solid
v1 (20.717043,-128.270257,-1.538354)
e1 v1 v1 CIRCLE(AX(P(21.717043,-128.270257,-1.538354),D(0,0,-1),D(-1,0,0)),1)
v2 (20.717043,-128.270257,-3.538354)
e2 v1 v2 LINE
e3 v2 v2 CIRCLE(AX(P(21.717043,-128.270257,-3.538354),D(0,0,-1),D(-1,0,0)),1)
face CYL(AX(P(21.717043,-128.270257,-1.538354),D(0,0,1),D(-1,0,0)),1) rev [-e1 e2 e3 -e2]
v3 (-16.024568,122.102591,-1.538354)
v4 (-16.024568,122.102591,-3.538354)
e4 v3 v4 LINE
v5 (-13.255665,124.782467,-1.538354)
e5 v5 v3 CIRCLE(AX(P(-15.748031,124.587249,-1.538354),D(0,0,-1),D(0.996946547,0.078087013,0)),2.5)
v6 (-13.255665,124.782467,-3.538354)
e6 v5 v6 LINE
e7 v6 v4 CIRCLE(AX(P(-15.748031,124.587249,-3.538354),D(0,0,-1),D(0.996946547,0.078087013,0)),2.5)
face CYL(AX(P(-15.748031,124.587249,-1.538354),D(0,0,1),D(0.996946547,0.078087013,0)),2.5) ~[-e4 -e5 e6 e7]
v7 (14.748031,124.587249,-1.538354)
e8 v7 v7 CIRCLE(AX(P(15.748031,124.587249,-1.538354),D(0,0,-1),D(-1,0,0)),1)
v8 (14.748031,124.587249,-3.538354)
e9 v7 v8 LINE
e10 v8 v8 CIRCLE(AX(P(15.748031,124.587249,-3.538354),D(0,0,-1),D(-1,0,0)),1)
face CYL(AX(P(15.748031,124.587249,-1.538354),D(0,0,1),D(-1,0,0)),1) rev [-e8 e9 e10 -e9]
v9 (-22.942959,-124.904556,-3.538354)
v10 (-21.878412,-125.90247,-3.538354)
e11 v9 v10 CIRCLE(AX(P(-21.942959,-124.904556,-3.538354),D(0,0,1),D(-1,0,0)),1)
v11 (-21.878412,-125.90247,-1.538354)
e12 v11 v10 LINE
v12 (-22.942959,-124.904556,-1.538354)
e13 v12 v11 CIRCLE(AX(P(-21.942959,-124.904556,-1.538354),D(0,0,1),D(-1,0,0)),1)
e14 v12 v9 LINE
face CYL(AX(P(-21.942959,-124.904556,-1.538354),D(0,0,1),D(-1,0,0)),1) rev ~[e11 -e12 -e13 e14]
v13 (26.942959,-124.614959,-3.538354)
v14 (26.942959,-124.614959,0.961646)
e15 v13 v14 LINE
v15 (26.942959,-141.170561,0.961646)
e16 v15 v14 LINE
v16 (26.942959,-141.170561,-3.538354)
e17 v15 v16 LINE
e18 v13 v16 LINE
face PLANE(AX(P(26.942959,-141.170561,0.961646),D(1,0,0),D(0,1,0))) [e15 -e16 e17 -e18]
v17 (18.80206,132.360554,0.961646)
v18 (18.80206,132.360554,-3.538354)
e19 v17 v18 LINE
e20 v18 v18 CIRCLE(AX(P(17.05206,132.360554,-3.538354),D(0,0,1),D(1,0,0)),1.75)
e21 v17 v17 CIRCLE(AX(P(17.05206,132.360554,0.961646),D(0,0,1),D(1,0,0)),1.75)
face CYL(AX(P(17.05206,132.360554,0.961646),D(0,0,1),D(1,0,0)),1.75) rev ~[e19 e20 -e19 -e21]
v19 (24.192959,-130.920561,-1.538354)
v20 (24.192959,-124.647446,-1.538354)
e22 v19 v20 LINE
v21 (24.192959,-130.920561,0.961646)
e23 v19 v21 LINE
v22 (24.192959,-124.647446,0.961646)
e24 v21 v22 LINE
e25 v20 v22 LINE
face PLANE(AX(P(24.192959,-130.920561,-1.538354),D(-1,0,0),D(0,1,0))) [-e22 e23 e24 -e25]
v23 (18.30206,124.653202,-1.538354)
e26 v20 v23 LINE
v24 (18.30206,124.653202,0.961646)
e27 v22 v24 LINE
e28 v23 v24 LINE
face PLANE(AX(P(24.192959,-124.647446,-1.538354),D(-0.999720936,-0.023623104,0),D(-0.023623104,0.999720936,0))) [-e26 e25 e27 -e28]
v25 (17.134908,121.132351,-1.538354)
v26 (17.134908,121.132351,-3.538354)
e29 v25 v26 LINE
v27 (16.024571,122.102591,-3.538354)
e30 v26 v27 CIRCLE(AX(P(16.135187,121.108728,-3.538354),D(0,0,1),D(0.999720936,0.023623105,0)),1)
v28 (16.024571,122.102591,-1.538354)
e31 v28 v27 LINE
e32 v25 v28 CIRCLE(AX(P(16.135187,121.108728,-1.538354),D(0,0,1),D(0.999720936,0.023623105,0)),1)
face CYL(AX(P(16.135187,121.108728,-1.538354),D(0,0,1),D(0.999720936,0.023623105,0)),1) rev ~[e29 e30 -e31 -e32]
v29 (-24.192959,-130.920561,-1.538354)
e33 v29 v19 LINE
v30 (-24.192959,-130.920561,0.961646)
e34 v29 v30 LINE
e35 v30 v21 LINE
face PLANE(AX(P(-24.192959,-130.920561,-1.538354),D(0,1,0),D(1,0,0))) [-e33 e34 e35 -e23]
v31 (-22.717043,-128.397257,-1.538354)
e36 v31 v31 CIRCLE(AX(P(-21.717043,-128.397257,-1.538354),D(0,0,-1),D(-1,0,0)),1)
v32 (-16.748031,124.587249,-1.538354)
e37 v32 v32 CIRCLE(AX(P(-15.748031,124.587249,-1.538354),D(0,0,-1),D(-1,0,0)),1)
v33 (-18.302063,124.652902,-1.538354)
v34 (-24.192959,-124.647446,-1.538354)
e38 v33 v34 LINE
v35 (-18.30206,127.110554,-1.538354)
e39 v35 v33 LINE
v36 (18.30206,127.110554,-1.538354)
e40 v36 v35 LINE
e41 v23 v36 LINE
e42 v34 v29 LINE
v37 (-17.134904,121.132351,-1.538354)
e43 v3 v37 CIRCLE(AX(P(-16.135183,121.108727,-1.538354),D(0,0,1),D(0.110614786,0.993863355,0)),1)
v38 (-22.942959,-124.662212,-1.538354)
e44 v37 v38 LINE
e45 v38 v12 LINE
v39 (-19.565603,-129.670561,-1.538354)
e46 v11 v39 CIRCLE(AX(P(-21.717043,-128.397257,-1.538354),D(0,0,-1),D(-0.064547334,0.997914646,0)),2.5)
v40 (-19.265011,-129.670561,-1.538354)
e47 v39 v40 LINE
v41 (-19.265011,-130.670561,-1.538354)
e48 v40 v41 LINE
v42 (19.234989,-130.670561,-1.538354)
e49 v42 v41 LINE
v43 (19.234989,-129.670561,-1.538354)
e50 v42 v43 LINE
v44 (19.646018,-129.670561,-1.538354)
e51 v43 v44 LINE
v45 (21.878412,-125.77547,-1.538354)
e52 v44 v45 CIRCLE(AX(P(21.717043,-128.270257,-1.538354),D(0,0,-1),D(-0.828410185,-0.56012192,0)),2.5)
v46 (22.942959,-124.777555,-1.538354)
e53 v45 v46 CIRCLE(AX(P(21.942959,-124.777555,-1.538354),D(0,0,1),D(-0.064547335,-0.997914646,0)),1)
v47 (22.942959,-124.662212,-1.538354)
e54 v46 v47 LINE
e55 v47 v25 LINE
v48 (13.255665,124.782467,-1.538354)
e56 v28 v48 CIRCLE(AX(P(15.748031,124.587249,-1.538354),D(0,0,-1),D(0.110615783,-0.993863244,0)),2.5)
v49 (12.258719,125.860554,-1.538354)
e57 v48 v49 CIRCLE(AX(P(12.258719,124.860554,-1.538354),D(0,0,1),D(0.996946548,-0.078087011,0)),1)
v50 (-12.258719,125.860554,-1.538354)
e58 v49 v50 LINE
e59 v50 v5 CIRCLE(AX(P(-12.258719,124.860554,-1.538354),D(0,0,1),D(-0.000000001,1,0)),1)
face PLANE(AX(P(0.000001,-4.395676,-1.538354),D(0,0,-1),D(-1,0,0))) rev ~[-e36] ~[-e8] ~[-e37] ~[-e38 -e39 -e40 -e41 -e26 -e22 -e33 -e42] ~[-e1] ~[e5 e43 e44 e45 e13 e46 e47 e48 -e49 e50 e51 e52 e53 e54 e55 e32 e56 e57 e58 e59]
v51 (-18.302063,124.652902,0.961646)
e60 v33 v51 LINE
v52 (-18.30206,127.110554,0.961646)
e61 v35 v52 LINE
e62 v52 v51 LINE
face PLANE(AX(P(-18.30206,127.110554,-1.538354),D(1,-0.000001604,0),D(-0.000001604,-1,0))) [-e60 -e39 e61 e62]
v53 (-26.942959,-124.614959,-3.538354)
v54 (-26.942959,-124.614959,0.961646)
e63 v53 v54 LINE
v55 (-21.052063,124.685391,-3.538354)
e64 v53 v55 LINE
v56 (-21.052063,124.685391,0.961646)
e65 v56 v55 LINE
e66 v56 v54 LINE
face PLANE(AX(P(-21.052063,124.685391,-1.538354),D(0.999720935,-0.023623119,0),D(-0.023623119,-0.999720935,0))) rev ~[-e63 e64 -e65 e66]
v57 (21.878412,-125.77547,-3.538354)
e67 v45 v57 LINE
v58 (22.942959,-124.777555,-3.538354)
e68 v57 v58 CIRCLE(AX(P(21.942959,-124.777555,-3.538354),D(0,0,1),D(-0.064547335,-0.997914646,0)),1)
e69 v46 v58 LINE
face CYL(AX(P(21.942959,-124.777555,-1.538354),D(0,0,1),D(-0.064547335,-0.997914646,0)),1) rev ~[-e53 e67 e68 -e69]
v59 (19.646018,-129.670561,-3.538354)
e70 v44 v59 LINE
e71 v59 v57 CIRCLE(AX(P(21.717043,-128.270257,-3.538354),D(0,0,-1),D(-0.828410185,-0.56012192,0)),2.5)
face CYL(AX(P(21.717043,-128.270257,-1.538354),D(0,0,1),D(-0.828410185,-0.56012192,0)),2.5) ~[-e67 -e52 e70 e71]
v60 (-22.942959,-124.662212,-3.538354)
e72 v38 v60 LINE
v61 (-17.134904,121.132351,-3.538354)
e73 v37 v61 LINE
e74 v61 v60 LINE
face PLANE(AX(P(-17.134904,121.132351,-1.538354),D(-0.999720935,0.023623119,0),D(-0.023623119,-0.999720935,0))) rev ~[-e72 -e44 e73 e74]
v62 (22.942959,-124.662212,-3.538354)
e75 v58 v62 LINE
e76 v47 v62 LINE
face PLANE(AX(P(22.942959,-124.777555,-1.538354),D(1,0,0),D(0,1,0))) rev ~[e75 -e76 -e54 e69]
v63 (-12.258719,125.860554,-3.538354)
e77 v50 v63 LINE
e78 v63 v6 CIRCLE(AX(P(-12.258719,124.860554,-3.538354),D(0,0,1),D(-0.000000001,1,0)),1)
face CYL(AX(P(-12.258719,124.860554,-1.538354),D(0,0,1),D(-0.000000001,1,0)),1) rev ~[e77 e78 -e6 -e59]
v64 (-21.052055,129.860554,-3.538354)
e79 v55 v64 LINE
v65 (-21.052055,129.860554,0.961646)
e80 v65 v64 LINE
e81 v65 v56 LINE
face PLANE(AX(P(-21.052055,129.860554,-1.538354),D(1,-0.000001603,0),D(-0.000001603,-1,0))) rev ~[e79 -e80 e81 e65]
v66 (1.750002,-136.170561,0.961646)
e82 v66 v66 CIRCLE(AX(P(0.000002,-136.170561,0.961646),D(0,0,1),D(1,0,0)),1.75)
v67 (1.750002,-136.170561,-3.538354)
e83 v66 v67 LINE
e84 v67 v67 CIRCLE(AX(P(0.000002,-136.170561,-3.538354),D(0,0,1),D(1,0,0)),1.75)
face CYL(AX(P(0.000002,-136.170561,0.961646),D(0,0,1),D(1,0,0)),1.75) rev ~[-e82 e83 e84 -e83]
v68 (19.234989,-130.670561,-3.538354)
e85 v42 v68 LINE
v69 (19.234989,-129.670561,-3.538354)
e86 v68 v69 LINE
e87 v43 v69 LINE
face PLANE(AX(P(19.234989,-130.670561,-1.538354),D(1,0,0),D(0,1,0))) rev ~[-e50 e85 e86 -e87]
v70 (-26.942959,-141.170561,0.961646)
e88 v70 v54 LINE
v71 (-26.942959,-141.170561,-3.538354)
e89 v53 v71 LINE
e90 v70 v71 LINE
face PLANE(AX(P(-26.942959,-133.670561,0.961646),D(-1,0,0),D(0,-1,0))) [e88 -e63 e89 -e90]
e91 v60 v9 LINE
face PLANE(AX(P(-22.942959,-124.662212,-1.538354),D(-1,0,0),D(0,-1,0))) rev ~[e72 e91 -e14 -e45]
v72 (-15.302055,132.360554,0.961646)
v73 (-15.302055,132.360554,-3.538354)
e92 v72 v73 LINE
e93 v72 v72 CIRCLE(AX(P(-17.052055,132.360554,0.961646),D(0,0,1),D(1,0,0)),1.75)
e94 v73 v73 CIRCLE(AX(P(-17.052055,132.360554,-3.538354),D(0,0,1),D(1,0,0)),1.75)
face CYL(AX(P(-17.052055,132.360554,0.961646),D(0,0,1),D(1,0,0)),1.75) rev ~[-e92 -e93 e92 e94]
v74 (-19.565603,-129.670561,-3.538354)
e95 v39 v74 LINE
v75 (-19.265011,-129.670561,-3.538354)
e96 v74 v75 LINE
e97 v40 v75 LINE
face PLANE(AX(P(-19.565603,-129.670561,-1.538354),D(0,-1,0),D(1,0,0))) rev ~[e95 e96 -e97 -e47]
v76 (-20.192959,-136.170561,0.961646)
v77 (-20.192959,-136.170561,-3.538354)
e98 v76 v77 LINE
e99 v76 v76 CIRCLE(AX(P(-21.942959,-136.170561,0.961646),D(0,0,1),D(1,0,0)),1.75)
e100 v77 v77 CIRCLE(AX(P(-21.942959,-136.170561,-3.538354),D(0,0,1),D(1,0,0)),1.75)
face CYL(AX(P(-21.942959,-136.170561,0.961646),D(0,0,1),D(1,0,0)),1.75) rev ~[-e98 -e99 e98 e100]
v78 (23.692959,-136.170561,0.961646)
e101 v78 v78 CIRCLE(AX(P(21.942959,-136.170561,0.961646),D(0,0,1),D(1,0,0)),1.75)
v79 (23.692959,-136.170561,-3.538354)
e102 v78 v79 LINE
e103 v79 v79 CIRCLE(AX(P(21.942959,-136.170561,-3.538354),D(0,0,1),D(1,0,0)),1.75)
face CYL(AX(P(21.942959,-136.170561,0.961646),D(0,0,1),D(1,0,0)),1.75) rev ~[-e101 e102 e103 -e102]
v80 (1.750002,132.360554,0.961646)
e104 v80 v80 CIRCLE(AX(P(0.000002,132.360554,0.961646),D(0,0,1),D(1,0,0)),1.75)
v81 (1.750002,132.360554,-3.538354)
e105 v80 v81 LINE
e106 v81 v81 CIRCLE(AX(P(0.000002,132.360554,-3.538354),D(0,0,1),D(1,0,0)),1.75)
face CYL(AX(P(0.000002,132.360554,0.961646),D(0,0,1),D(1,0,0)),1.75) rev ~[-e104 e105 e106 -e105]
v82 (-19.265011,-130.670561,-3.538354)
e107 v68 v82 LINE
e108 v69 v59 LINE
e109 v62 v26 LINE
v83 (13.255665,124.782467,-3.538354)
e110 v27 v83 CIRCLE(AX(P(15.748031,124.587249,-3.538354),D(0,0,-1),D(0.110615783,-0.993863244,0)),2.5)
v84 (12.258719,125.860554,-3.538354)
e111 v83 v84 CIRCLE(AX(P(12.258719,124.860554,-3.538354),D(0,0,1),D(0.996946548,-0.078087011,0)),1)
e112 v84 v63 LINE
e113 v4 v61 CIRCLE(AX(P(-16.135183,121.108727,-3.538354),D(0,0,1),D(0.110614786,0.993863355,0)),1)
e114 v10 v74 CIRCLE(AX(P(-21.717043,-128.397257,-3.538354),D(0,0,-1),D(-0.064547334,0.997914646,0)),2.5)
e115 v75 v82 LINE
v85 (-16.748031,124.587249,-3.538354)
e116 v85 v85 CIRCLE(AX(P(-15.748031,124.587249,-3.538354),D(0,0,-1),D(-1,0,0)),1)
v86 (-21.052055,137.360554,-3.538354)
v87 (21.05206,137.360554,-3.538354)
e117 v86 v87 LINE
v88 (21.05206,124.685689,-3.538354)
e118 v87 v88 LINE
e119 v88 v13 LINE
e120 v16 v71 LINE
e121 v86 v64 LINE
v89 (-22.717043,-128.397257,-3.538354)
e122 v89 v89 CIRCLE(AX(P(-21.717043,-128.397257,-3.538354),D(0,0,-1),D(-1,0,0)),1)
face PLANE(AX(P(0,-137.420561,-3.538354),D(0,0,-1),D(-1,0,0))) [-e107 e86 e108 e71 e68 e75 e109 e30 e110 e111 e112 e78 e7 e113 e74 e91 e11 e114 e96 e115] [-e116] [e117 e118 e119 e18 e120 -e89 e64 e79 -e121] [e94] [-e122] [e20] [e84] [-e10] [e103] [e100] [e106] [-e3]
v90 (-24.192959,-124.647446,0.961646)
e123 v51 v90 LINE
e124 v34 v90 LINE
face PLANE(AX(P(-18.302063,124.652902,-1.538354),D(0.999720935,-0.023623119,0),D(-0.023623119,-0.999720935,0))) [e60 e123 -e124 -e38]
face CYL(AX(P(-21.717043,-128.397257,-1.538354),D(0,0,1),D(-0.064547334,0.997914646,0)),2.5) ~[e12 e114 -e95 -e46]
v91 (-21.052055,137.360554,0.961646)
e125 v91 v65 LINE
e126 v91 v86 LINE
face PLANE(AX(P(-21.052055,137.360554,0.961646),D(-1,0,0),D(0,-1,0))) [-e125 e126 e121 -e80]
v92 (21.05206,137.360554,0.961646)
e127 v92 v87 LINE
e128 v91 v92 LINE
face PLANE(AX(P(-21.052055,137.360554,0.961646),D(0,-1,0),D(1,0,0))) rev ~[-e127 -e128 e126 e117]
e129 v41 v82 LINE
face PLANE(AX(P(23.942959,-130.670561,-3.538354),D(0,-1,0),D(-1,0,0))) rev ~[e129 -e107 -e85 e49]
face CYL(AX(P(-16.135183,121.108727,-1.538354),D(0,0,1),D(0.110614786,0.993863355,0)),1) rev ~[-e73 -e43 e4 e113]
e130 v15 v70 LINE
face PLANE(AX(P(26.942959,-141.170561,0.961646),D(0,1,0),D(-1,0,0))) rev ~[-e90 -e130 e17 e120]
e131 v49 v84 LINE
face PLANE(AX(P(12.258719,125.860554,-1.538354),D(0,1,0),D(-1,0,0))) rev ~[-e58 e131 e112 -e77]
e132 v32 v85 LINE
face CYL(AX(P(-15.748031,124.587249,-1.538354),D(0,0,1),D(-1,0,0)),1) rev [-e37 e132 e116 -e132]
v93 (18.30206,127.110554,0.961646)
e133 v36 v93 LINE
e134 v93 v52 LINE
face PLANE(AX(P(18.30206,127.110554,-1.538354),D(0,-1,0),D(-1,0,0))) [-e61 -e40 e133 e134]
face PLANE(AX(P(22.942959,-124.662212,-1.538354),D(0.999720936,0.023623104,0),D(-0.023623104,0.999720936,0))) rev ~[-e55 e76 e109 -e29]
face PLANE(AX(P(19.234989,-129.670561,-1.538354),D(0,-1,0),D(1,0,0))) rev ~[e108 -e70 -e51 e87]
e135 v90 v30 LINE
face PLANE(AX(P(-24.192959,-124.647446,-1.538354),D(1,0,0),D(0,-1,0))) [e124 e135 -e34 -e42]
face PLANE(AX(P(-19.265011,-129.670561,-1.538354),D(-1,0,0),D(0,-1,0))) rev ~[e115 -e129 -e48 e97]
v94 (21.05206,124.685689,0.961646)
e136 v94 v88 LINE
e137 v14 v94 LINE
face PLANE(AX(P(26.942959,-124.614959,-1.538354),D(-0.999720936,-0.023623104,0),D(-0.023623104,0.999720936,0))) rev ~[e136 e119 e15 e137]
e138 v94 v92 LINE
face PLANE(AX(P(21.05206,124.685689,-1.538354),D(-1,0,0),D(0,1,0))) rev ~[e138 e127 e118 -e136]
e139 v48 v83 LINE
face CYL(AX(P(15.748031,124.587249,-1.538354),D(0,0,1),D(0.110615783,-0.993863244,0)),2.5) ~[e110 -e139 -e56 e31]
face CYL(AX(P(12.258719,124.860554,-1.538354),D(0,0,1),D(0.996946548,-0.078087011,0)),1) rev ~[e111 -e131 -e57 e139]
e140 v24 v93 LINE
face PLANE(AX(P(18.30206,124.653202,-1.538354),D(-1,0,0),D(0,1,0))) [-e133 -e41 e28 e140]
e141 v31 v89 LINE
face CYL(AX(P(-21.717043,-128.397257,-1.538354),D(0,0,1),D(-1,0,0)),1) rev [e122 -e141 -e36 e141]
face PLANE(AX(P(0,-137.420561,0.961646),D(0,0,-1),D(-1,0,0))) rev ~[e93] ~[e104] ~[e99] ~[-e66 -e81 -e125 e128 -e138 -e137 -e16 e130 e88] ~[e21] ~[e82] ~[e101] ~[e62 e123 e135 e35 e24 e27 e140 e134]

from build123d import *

# Parameters (mm, degrees)
SKETCH_2_R      = 1
EXTRUDE_1_DEPTH = 2
EXTRUDE_2_DEPTH = 2
EXTRUDE_3_DEPTH = 2.5
SKETCH_5_R      = 1.75
EXTRUDE_4_DEPTH = 4.5


with BuildPart() as part:
    # 草图2 → 凸台-拉伸1 (new body)
    with BuildSketch(Plane(origin=(0, 0, -1.538354077), x_dir=(-1, 0, 0), z_dir=(0, 0, -1))):
        with BuildLine():
            Line((-22.942959106, -124.662212149), (-17.134907671, 121.132350923))
            ThreePointArc((-17.134907671, 121.132350923), (-16.793190136, 121.861742775), (-16.024570953, 122.102591063))
            ThreePointArc((-16.024570953, 122.102591063), (-14.009380987, 122.790837638), (-13.255665128, 124.782466708))
            ThreePointArc((-13.255665128, 124.782466708), (-12.992914403, 125.539491489), (-12.25871858, 125.860553721))
            Line((-12.25871858, 125.860553721), (12.25871858, 125.860553721))
            ThreePointArc((12.25871858, 125.860553721), (12.992914403, 125.539491489), (13.255665128, 124.782466708))
            ThreePointArc((13.255665128, 124.782466708), (14.009380087, 122.79083851), (16.024568463, 122.102590786))
            ThreePointArc((16.024568463, 122.102590786), (16.793187022, 121.861742062), (17.134904184, 121.13235055))
            Line((17.134904184, 121.13235055), (22.942959106, -124.662212156))
            Line((22.942959106, -124.662212156), (22.942959106, -124.904555532))
            ThreePointArc((22.942959106, -124.904555532), (22.626864313, -125.634126411), (21.878411771, -125.902470178))
            ThreePointArc((21.878411771, -125.902470178), (19.586380534, -127.089481736), (19.565603095, -129.670561341))
            Line((19.565603095, -129.670561341), (19.265011022, -129.670561341))
            Line((19.265011022, -129.670561341), (19.265011022, -130.670561341))
            Line((19.265011022, -130.670561341), (23.942959106, -130.670561341))
            Line((23.942959106, -130.670561341), (23.942959106, -124.650398948))
            Line((23.942959106, -124.650398948), (18.052063488, 124.649948906))
            Line((18.052063488, 124.649948906), (18.052059944, 126.860553721))
            Line((18.052059944, 126.860553721), (-18.052059944, 126.860553721))
            Line((-18.052059944, 126.860553721), (-18.052059944, 124.65024892))
            Line((-18.052059944, 124.65024892), (-23.942959106, -124.650398948))
            Line((-23.942959106, -124.650398948), (-23.942959106, -130.670561341))
            Line((-23.942959106, -130.670561341), (-19.234988978, -130.670561341))
            Line((-19.234988978, -130.670561341), (-19.234988978, -129.670561341))
            Line((-19.234988978, -129.670561341), (-19.646017972, -129.670561341))
            ThreePointArc((-19.646017972, -129.670561341), (-19.548027097, -127.027128176), (-21.878411771, -125.775469924))
            ThreePointArc((-21.878411771, -125.775469924), (-22.626864313, -125.507126157), (-22.942959106, -124.777555278))
            Line((-22.942959106, -124.777555278), (-22.942959106, -124.662212149))
        make_face()
        with Locations((-21.717043434, -128.270256541)):
            Circle(SKETCH_2_R, mode=Mode.SUBTRACT)
        with Locations((21.717043434, -128.397256794)):
            Circle(SKETCH_2_R, mode=Mode.SUBTRACT)
        with Locations((-15.748031496, 124.587249174)):
            Circle(SKETCH_2_R, mode=Mode.SUBTRACT)
        with Locations((15.748031496, 124.587249174)):
            Circle(SKETCH_2_R, mode=Mode.SUBTRACT)
    extrude(amount=EXTRUDE_1_DEPTH)

    # 草图3 → 凸台-拉伸2 (add)
    with BuildSketch(Plane(origin=(0, 0, -3.538354077), x_dir=(-1, 0, 0), z_dir=(0, 0, -1))):
        Polygon((26.942959106, -124.614959326), (21.052063431, 124.685390934), (21.052055134, 129.860553721), (-21.052059944, 129.860553721), (-21.052059944, 124.685688522), (-26.942959106, -124.614959347), (-26.942959106, -133.670561341), (26.942959106, -133.670561341), align=None)
        Polygon((18.052059944, 126.860553721), (-18.052059944, 126.860553721), (-18.052059944, 124.65024892), (-23.942959106, -124.650398948), (-23.942959106, -130.670561341), (23.942959106, -130.670561341), (23.942959106, -124.650398948), (18.052063488, 124.649948906), align=None, mode=Mode.SUBTRACT)
    extrude(amount=-EXTRUDE_2_DEPTH)

    # 草图4 → 凸台-拉伸3 (add)
    with BuildSketch(Plane.XY.offset(-1.538354077)):
        Polygon((-21.052063431, 124.685390934), (-26.942959106, -124.614959326), (-26.942959106, -133.670561341), (26.942959106, -133.670561341), (26.942959106, -124.614959347), (21.052059944, 124.685688522), (21.052059944, 129.860553721), (-21.052055134, 129.860553721), align=None)
        Polygon((-18.302059543, 127.110553721), (-18.302063484, 124.652902409), (-24.192959106, -124.647445647), (-24.192959106, -130.920561341), (24.192959106, -130.920561341), (24.192959106, -124.647445648), (18.302059944, 124.653202221), (18.302059944, 127.110553721), align=None, mode=Mode.SUBTRACT)
    extrude(amount=EXTRUDE_3_DEPTH)

    # 草图5 → 凸台-拉伸4 (add)
    # profile 1 of 2: a face of its own
    with BuildSketch(Plane.XY.offset(0.961645923)):
        Polygon((-26.942959106, -133.670561341), (26.942959106, -133.670561341), (26.942959106, -138.670561341), (26.942959106, -141.170561341), (-26.942959106, -141.170561341), (-26.942959106, -138.670561341), align=None)
        with Locations((2.405e-06, -136.170561341)):
            Circle(SKETCH_5_R, mode=Mode.SUBTRACT)
        with Locations((21.942959106, -136.170561341)):
            Circle(SKETCH_5_R, mode=Mode.SUBTRACT)
        with Locations((-21.942959106, -136.170561341)):
            Circle(SKETCH_5_R, mode=Mode.SUBTRACT)
    # profile 2 of 2: a face of its own
    with BuildSketch(Plane.XY.offset(0.961645923)):
        Polygon((21.052059944, 129.860553721), (-21.052055134, 129.860553721), (-21.052055134, 134.860553721), (-21.052055134, 137.360553721), (21.052059944, 137.360553721), (21.052059944, 134.860553721), align=None)
        with Locations((-17.052055134, 132.360553721)):
            Circle(SKETCH_5_R, mode=Mode.SUBTRACT)
        with Locations((17.052059944, 132.360553721)):
            Circle(SKETCH_5_R, mode=Mode.SUBTRACT)
        with Locations((2.405e-06, 132.360553721)):
            Circle(SKETCH_5_R, mode=Mode.SUBTRACT)
    extrude(amount=-EXTRUDE_4_DEPTH)


solid = part.part
